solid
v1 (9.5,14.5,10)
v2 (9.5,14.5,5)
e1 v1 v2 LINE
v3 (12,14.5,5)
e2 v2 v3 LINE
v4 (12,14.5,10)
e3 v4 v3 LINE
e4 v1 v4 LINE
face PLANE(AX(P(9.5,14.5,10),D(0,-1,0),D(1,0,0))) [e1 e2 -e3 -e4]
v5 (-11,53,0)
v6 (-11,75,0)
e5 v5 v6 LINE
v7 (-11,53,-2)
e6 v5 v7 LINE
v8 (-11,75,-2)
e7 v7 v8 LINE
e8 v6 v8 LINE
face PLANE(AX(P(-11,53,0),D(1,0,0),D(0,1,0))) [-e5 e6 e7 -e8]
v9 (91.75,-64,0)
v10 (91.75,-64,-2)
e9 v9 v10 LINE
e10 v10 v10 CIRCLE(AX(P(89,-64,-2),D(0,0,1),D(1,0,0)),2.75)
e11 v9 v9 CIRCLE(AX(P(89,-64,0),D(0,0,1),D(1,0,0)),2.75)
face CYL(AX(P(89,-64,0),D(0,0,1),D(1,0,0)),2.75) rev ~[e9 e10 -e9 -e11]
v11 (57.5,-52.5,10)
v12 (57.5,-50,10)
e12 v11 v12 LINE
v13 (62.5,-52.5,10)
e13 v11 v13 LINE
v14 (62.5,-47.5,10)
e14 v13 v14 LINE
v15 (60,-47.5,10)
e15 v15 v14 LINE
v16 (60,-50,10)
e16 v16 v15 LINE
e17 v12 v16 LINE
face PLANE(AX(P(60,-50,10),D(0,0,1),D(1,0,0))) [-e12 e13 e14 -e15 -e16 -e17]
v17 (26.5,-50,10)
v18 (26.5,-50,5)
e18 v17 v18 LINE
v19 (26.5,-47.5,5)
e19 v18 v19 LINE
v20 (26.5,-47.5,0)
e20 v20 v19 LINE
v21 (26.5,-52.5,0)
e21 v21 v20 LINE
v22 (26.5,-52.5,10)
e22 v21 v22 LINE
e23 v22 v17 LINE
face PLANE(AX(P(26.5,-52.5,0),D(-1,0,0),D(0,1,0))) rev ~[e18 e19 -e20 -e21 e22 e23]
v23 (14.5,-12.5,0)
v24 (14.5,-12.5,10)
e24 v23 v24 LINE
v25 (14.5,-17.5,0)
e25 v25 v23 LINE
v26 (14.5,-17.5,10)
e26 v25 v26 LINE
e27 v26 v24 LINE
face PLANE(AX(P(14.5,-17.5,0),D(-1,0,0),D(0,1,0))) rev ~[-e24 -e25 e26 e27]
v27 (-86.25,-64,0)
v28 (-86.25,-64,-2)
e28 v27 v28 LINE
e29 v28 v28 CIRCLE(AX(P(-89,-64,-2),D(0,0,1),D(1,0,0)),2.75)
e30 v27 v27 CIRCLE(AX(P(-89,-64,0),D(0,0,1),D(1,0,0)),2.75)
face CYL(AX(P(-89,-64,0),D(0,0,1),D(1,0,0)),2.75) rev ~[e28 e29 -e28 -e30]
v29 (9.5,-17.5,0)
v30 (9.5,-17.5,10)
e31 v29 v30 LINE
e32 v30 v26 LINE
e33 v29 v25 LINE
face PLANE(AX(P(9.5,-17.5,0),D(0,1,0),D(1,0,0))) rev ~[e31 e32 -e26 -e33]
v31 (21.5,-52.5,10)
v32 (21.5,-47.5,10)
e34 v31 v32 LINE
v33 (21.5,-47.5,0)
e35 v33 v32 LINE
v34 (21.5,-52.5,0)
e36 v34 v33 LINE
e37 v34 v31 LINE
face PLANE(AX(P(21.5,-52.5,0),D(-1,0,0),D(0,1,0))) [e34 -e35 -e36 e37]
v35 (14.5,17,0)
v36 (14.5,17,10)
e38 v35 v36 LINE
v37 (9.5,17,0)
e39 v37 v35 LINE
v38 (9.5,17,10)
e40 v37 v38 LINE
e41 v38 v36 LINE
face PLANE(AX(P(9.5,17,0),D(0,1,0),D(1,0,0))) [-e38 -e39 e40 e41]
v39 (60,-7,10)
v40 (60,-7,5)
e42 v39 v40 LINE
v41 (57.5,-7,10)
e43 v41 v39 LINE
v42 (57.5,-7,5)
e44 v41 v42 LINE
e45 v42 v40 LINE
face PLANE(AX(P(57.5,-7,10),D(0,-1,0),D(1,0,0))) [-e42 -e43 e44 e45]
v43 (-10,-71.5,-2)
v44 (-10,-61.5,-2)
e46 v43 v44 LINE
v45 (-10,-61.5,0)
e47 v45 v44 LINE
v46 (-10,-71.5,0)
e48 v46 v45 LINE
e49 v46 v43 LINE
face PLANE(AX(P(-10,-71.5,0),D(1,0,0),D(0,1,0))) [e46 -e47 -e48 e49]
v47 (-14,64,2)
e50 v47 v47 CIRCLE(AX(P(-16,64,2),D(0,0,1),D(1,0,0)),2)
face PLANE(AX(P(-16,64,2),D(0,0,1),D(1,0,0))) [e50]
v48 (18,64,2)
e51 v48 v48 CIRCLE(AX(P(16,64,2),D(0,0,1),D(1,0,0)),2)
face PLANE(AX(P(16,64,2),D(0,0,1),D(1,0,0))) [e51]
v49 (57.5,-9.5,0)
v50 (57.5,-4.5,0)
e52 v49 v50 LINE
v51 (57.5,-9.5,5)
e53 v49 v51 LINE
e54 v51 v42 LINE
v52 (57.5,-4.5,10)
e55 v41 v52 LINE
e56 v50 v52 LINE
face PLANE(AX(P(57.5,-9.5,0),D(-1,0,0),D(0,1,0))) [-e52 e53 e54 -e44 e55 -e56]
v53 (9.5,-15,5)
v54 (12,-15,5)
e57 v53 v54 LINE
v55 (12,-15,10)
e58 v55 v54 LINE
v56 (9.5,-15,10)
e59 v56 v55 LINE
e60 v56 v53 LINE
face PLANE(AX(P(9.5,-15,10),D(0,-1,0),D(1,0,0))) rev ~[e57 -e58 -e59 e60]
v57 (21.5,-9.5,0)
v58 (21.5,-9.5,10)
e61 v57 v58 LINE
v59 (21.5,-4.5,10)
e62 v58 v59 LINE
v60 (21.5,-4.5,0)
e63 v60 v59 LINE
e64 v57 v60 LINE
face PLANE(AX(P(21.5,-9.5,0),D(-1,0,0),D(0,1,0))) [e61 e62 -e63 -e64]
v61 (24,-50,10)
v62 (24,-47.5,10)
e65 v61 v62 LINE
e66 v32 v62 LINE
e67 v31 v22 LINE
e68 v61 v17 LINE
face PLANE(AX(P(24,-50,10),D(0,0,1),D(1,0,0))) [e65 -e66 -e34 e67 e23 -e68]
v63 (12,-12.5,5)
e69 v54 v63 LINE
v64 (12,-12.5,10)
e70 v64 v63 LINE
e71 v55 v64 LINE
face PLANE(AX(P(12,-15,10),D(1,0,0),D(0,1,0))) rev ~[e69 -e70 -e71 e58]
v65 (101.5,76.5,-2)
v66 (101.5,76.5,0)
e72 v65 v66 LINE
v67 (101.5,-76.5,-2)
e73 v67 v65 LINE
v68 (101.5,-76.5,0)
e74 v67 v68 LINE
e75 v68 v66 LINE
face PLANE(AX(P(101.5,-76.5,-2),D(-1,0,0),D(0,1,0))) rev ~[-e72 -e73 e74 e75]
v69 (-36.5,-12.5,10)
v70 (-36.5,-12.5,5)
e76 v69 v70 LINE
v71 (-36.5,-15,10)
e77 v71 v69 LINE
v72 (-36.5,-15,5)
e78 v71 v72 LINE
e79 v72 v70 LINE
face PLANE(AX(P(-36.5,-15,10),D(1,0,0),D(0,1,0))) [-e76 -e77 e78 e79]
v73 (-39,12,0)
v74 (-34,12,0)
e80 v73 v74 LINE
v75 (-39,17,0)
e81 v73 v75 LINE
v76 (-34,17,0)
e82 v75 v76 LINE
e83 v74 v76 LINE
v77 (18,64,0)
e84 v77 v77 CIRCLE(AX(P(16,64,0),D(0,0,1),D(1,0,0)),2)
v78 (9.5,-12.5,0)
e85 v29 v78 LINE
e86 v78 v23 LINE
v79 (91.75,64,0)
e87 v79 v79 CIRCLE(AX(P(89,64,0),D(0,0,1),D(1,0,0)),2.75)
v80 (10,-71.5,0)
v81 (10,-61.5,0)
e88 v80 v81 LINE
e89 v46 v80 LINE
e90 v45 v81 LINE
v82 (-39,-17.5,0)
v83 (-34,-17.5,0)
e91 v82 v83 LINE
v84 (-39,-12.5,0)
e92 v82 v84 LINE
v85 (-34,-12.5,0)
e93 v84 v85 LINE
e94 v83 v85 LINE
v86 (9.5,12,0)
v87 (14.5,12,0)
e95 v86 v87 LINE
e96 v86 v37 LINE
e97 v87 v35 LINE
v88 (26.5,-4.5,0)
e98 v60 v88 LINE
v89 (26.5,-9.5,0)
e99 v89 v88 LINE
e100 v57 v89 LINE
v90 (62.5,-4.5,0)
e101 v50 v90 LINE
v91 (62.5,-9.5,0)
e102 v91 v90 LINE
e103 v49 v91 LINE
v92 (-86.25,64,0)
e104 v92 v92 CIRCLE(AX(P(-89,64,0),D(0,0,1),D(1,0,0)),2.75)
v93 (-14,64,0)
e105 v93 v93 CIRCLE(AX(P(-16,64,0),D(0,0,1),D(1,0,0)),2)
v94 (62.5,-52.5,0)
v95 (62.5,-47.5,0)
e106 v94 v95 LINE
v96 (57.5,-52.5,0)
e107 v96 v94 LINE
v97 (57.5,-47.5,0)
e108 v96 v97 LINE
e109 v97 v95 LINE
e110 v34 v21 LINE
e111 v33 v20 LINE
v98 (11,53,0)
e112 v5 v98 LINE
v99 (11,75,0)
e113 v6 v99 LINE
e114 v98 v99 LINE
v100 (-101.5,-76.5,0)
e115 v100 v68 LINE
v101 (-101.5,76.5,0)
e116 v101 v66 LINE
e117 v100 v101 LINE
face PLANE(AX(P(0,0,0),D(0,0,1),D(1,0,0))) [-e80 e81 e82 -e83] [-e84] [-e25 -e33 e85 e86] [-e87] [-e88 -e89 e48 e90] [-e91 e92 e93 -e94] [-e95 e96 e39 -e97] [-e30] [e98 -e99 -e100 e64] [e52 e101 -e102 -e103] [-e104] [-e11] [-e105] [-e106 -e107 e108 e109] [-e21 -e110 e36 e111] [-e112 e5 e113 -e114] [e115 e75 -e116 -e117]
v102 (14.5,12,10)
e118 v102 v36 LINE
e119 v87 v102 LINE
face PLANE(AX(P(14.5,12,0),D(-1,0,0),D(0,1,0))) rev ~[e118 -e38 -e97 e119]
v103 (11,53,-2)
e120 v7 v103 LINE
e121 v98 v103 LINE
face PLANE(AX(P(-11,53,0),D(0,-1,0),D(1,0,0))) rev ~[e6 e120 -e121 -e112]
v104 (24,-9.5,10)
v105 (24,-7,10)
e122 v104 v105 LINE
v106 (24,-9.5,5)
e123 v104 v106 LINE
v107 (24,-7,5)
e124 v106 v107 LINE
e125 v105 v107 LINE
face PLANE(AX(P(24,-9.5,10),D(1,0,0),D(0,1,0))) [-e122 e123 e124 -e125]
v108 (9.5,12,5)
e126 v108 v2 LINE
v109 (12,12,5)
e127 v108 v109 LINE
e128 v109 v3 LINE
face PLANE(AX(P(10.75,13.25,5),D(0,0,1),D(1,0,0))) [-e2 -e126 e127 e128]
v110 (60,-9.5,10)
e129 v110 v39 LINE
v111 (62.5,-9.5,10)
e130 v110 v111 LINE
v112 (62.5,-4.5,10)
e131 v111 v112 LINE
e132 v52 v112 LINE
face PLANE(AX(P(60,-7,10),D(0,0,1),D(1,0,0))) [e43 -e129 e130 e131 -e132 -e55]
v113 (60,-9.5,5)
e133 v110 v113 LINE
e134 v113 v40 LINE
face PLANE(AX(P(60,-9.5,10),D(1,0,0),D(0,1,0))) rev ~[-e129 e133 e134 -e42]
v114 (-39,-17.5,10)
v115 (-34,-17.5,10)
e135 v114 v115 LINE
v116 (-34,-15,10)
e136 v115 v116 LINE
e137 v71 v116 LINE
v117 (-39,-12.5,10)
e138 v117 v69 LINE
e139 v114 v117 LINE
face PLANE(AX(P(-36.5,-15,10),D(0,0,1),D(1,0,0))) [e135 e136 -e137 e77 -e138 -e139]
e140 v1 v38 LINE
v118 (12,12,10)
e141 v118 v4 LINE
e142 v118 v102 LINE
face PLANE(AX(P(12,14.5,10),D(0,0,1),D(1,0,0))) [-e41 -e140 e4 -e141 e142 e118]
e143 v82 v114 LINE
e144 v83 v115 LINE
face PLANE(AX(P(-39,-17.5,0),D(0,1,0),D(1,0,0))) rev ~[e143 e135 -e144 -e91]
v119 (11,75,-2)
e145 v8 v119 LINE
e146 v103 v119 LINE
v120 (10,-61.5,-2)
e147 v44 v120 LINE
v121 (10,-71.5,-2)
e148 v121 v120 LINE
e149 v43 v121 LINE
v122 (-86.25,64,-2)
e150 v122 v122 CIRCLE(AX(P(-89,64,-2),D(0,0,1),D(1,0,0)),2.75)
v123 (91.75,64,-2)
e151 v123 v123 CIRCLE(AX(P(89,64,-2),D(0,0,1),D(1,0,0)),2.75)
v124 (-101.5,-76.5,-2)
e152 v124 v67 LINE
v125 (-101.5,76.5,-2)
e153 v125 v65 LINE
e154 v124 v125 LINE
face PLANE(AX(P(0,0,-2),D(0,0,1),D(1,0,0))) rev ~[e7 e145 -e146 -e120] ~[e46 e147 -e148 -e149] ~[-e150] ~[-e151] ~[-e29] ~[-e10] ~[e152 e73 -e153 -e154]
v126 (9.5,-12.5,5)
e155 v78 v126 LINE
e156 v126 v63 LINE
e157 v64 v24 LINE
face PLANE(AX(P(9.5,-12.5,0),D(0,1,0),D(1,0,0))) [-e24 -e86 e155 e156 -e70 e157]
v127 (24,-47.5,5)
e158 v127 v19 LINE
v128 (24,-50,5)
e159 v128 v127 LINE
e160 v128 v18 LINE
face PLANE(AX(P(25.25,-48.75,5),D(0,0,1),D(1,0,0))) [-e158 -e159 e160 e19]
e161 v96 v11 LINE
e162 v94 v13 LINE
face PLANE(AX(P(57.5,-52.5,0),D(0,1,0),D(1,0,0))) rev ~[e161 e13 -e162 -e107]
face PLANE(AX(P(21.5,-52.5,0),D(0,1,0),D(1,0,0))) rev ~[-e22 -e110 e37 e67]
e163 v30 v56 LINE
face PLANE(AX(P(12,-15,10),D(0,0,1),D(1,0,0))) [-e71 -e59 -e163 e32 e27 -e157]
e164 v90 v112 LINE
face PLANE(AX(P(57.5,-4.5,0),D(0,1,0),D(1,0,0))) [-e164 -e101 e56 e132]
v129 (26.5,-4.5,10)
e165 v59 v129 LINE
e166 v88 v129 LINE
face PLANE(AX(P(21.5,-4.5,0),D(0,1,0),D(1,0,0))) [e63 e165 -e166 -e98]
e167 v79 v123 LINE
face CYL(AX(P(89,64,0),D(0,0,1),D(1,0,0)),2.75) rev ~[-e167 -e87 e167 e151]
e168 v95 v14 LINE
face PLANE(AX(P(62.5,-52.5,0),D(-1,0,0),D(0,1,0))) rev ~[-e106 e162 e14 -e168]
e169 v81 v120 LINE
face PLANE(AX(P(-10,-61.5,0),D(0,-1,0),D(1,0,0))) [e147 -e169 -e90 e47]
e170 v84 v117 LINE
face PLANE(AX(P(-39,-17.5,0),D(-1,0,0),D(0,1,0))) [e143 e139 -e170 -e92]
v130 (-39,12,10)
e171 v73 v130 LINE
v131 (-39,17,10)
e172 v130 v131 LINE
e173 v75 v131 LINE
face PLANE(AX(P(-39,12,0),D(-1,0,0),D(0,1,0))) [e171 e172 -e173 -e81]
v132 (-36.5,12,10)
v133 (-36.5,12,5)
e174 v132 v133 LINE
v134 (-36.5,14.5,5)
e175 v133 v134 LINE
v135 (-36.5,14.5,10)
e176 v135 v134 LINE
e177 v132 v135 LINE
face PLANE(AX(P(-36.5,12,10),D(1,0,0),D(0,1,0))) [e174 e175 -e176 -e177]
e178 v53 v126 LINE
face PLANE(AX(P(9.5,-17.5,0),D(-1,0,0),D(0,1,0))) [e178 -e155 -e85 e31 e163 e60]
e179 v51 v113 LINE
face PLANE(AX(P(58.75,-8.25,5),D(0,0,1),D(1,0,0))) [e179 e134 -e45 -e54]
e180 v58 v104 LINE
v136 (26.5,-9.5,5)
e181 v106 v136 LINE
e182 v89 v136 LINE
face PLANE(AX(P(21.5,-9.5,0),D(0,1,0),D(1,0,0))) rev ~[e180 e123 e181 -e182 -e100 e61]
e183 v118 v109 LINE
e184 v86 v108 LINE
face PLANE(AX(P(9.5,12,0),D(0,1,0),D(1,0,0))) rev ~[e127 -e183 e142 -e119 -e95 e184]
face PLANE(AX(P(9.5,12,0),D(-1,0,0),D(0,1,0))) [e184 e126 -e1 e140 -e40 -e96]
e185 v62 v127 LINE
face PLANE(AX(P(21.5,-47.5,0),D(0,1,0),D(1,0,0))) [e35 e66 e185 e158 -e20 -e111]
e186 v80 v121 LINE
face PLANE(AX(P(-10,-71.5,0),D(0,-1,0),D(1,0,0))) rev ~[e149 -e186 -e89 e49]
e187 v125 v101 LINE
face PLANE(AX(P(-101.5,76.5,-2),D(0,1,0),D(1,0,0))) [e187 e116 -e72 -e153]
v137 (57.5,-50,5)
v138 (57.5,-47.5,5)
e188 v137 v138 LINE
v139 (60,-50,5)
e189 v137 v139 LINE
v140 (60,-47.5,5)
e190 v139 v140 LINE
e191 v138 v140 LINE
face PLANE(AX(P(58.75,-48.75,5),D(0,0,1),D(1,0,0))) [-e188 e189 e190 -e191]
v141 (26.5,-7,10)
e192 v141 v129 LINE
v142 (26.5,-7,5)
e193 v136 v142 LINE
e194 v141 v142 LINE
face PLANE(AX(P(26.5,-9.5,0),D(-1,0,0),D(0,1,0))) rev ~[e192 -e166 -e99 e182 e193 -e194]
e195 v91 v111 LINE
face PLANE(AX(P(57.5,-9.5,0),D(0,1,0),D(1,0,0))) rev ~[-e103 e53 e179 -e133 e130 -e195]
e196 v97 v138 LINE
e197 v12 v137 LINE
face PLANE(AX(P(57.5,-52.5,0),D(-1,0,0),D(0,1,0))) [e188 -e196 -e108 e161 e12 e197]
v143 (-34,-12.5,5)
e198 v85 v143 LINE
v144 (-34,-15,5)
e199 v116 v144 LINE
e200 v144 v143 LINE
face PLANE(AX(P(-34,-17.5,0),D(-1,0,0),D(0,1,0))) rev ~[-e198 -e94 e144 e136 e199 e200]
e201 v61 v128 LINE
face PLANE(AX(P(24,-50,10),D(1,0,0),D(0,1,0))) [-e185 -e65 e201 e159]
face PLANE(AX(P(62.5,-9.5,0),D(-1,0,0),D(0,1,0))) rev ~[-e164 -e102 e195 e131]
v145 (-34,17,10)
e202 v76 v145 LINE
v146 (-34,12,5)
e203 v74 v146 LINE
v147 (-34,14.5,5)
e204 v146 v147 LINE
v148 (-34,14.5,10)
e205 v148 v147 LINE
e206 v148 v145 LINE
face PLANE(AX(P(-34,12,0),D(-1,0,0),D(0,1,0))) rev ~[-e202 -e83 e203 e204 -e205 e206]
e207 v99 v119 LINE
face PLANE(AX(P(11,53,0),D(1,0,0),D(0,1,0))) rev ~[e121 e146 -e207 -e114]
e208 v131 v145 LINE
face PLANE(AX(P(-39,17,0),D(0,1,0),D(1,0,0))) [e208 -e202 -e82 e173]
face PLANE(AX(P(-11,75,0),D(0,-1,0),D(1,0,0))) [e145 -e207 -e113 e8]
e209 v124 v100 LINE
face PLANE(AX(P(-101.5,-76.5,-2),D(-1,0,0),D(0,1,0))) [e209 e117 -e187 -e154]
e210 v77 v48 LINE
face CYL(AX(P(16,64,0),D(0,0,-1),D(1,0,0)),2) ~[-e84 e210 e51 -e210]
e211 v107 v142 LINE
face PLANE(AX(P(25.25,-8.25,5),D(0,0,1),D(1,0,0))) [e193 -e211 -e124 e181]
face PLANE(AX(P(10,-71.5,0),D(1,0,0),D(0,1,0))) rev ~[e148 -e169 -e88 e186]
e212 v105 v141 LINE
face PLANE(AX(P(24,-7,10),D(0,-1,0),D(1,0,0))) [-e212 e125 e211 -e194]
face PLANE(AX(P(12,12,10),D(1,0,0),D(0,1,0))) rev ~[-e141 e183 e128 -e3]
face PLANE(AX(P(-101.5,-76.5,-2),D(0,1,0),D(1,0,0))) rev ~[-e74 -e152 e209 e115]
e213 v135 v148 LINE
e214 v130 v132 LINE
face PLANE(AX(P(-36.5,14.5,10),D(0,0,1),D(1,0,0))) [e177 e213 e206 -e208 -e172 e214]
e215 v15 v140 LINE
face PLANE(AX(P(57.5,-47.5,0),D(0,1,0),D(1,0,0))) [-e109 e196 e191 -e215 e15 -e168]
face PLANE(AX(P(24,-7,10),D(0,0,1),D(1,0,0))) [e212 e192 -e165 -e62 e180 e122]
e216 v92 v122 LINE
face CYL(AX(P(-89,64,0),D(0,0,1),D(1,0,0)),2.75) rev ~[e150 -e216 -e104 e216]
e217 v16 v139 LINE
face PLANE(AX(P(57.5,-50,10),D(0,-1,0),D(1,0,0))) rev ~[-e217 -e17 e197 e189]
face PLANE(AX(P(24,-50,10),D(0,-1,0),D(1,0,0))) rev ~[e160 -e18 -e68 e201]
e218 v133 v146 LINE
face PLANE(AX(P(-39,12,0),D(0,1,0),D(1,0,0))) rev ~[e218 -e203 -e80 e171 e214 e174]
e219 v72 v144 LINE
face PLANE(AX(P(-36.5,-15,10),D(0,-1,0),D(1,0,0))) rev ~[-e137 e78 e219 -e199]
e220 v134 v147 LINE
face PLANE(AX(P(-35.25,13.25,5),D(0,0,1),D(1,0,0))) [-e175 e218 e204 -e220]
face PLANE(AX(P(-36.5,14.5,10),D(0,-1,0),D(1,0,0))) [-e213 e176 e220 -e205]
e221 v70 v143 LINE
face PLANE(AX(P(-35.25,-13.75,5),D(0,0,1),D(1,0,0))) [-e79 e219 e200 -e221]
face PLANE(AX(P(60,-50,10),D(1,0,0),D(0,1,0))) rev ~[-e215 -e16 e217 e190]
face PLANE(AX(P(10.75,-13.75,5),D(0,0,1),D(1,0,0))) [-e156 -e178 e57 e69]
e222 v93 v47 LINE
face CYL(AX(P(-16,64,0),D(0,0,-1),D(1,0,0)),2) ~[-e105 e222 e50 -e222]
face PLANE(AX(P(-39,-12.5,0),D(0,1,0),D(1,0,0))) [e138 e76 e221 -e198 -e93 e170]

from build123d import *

# Parameters (mm, degrees)
SKETCH_W        = 203
SKETCH_H        = 153
PAD_DEPTH       = 2
SKETCH002_W     = 20
SKETCH002_H     = 10
SKETCH002_W_2   = 22
SKETCH002_H_2   = 22
POCKET001_DEPTH = 2
SKETCH001_R     = 2.75
POCKET_DEPTH    = 2
SKETCH003_R     = 2
PAD001_DEPTH    = 2
SKETCH005_W     = 5
SKETCH005_H     = 5
PAD003_DEPTH    = 10
SKETCH006_W     = 2.5
SKETCH006_H     = 2.5
POCKET002_DEPTH = 5
SKETCH007_W     = 5
SKETCH007_H     = 5
PAD004_DEPTH    = 10
SKETCH008_W     = 2.5
SKETCH008_H     = 2.5
POCKET003_DEPTH = 5


with BuildPart() as part:
    # Sketch (on DatumPlane) → Pad (new body)
    with BuildSketch(Plane.XY.offset(-2)):
        Rectangle(SKETCH_W, SKETCH_H)
    extrude(amount=PAD_DEPTH)

    # Sketch002 (on DatumPlane) → Pocket001 (cut)
    with BuildSketch(Plane.XY):
        with Locations((0, -66.5)):
            Rectangle(SKETCH002_W, SKETCH002_H)
        with Locations((0, 64)):
            Rectangle(SKETCH002_W_2, SKETCH002_H_2)
    extrude(amount=-POCKET001_DEPTH, mode=Mode.SUBTRACT)

    # Sketch001 (on DatumPlane) → Pocket (cut)
    with BuildSketch(Plane.XY):
        with Locations((89, 64)):
            Circle(SKETCH001_R)
        with Locations((89, -64)):
            Circle(SKETCH001_R)
        with Locations((-89, -64)):
            Circle(SKETCH001_R)
        with Locations((-89, 64)):
            Circle(SKETCH001_R)
    extrude(amount=-POCKET_DEPTH, mode=Mode.SUBTRACT)

    # Sketch003 (on DatumPlane) → Pad001 (join)
    with BuildSketch(Plane.XY):
        with Locations((-16, 64)):
            Circle(SKETCH003_R)
        with Locations((16, 64)):
            Circle(SKETCH003_R)
    extrude(amount=PAD001_DEPTH)

    # Sketch005 (on DatumPlane) → Pad003 (join)
    with BuildSketch(Plane.XY):
        with Locations((-36.5, 14.5)):
            Rectangle(SKETCH005_W, SKETCH005_H)
        with Locations((12, 14.5)):
            Rectangle(SKETCH005_W, SKETCH005_H)
        with Locations((-36.5, -15)):
            Rectangle(SKETCH005_W, SKETCH005_H)
        with Locations((12, -15)):
            Rectangle(SKETCH005_W, SKETCH005_H)
    extrude(amount=PAD003_DEPTH)

    # Sketch006 (on Face39 of Pad003) → Pocket002 (cut)
    with BuildSketch(Plane.XY.offset(10)):
        with Locations((-35.25, 13.25)):
            Rectangle(SKETCH006_W, SKETCH006_H)
        with Locations((10.75, 13.25)):
            Rectangle(SKETCH006_W, SKETCH006_H)
        with Locations((10.75, -13.75)):
            Rectangle(SKETCH006_W, SKETCH006_H)
        with Locations((-35.25, -13.75)):
            Rectangle(SKETCH006_W, SKETCH006_H)
    extrude(amount=-POCKET002_DEPTH, mode=Mode.SUBTRACT)

    # Sketch007 (on DatumPlane) → Pad004 (join)
    with BuildSketch(Plane.XY):
        with Locations((24, -7)):
            Rectangle(SKETCH007_W, SKETCH007_H)
        with Locations((60, -7)):
            Rectangle(SKETCH007_W, SKETCH007_H)
        with Locations((24, -50)):
            Rectangle(SKETCH007_W, SKETCH007_H)
        with Locations((60, -50)):
            Rectangle(SKETCH007_W, SKETCH007_H)
    extrude(amount=PAD004_DEPTH)

    # Sketch008 (on Face63 of Pad004) → Pocket003 (cut)
    with BuildSketch(Plane.XY.offset(10)):
        with Locations((25.25, -8.25)):
            Rectangle(SKETCH008_W, SKETCH008_H)
        with Locations((58.75, -8.25)):
            Rectangle(SKETCH008_W, SKETCH008_H)
        with Locations((25.25, -48.75)):
            Rectangle(SKETCH008_W, SKETCH008_H)
        with Locations((58.75, -48.75)):
            Rectangle(SKETCH008_W, SKETCH008_H)
    extrude(amount=-POCKET003_DEPTH, mode=Mode.SUBTRACT)


solid = part.part
